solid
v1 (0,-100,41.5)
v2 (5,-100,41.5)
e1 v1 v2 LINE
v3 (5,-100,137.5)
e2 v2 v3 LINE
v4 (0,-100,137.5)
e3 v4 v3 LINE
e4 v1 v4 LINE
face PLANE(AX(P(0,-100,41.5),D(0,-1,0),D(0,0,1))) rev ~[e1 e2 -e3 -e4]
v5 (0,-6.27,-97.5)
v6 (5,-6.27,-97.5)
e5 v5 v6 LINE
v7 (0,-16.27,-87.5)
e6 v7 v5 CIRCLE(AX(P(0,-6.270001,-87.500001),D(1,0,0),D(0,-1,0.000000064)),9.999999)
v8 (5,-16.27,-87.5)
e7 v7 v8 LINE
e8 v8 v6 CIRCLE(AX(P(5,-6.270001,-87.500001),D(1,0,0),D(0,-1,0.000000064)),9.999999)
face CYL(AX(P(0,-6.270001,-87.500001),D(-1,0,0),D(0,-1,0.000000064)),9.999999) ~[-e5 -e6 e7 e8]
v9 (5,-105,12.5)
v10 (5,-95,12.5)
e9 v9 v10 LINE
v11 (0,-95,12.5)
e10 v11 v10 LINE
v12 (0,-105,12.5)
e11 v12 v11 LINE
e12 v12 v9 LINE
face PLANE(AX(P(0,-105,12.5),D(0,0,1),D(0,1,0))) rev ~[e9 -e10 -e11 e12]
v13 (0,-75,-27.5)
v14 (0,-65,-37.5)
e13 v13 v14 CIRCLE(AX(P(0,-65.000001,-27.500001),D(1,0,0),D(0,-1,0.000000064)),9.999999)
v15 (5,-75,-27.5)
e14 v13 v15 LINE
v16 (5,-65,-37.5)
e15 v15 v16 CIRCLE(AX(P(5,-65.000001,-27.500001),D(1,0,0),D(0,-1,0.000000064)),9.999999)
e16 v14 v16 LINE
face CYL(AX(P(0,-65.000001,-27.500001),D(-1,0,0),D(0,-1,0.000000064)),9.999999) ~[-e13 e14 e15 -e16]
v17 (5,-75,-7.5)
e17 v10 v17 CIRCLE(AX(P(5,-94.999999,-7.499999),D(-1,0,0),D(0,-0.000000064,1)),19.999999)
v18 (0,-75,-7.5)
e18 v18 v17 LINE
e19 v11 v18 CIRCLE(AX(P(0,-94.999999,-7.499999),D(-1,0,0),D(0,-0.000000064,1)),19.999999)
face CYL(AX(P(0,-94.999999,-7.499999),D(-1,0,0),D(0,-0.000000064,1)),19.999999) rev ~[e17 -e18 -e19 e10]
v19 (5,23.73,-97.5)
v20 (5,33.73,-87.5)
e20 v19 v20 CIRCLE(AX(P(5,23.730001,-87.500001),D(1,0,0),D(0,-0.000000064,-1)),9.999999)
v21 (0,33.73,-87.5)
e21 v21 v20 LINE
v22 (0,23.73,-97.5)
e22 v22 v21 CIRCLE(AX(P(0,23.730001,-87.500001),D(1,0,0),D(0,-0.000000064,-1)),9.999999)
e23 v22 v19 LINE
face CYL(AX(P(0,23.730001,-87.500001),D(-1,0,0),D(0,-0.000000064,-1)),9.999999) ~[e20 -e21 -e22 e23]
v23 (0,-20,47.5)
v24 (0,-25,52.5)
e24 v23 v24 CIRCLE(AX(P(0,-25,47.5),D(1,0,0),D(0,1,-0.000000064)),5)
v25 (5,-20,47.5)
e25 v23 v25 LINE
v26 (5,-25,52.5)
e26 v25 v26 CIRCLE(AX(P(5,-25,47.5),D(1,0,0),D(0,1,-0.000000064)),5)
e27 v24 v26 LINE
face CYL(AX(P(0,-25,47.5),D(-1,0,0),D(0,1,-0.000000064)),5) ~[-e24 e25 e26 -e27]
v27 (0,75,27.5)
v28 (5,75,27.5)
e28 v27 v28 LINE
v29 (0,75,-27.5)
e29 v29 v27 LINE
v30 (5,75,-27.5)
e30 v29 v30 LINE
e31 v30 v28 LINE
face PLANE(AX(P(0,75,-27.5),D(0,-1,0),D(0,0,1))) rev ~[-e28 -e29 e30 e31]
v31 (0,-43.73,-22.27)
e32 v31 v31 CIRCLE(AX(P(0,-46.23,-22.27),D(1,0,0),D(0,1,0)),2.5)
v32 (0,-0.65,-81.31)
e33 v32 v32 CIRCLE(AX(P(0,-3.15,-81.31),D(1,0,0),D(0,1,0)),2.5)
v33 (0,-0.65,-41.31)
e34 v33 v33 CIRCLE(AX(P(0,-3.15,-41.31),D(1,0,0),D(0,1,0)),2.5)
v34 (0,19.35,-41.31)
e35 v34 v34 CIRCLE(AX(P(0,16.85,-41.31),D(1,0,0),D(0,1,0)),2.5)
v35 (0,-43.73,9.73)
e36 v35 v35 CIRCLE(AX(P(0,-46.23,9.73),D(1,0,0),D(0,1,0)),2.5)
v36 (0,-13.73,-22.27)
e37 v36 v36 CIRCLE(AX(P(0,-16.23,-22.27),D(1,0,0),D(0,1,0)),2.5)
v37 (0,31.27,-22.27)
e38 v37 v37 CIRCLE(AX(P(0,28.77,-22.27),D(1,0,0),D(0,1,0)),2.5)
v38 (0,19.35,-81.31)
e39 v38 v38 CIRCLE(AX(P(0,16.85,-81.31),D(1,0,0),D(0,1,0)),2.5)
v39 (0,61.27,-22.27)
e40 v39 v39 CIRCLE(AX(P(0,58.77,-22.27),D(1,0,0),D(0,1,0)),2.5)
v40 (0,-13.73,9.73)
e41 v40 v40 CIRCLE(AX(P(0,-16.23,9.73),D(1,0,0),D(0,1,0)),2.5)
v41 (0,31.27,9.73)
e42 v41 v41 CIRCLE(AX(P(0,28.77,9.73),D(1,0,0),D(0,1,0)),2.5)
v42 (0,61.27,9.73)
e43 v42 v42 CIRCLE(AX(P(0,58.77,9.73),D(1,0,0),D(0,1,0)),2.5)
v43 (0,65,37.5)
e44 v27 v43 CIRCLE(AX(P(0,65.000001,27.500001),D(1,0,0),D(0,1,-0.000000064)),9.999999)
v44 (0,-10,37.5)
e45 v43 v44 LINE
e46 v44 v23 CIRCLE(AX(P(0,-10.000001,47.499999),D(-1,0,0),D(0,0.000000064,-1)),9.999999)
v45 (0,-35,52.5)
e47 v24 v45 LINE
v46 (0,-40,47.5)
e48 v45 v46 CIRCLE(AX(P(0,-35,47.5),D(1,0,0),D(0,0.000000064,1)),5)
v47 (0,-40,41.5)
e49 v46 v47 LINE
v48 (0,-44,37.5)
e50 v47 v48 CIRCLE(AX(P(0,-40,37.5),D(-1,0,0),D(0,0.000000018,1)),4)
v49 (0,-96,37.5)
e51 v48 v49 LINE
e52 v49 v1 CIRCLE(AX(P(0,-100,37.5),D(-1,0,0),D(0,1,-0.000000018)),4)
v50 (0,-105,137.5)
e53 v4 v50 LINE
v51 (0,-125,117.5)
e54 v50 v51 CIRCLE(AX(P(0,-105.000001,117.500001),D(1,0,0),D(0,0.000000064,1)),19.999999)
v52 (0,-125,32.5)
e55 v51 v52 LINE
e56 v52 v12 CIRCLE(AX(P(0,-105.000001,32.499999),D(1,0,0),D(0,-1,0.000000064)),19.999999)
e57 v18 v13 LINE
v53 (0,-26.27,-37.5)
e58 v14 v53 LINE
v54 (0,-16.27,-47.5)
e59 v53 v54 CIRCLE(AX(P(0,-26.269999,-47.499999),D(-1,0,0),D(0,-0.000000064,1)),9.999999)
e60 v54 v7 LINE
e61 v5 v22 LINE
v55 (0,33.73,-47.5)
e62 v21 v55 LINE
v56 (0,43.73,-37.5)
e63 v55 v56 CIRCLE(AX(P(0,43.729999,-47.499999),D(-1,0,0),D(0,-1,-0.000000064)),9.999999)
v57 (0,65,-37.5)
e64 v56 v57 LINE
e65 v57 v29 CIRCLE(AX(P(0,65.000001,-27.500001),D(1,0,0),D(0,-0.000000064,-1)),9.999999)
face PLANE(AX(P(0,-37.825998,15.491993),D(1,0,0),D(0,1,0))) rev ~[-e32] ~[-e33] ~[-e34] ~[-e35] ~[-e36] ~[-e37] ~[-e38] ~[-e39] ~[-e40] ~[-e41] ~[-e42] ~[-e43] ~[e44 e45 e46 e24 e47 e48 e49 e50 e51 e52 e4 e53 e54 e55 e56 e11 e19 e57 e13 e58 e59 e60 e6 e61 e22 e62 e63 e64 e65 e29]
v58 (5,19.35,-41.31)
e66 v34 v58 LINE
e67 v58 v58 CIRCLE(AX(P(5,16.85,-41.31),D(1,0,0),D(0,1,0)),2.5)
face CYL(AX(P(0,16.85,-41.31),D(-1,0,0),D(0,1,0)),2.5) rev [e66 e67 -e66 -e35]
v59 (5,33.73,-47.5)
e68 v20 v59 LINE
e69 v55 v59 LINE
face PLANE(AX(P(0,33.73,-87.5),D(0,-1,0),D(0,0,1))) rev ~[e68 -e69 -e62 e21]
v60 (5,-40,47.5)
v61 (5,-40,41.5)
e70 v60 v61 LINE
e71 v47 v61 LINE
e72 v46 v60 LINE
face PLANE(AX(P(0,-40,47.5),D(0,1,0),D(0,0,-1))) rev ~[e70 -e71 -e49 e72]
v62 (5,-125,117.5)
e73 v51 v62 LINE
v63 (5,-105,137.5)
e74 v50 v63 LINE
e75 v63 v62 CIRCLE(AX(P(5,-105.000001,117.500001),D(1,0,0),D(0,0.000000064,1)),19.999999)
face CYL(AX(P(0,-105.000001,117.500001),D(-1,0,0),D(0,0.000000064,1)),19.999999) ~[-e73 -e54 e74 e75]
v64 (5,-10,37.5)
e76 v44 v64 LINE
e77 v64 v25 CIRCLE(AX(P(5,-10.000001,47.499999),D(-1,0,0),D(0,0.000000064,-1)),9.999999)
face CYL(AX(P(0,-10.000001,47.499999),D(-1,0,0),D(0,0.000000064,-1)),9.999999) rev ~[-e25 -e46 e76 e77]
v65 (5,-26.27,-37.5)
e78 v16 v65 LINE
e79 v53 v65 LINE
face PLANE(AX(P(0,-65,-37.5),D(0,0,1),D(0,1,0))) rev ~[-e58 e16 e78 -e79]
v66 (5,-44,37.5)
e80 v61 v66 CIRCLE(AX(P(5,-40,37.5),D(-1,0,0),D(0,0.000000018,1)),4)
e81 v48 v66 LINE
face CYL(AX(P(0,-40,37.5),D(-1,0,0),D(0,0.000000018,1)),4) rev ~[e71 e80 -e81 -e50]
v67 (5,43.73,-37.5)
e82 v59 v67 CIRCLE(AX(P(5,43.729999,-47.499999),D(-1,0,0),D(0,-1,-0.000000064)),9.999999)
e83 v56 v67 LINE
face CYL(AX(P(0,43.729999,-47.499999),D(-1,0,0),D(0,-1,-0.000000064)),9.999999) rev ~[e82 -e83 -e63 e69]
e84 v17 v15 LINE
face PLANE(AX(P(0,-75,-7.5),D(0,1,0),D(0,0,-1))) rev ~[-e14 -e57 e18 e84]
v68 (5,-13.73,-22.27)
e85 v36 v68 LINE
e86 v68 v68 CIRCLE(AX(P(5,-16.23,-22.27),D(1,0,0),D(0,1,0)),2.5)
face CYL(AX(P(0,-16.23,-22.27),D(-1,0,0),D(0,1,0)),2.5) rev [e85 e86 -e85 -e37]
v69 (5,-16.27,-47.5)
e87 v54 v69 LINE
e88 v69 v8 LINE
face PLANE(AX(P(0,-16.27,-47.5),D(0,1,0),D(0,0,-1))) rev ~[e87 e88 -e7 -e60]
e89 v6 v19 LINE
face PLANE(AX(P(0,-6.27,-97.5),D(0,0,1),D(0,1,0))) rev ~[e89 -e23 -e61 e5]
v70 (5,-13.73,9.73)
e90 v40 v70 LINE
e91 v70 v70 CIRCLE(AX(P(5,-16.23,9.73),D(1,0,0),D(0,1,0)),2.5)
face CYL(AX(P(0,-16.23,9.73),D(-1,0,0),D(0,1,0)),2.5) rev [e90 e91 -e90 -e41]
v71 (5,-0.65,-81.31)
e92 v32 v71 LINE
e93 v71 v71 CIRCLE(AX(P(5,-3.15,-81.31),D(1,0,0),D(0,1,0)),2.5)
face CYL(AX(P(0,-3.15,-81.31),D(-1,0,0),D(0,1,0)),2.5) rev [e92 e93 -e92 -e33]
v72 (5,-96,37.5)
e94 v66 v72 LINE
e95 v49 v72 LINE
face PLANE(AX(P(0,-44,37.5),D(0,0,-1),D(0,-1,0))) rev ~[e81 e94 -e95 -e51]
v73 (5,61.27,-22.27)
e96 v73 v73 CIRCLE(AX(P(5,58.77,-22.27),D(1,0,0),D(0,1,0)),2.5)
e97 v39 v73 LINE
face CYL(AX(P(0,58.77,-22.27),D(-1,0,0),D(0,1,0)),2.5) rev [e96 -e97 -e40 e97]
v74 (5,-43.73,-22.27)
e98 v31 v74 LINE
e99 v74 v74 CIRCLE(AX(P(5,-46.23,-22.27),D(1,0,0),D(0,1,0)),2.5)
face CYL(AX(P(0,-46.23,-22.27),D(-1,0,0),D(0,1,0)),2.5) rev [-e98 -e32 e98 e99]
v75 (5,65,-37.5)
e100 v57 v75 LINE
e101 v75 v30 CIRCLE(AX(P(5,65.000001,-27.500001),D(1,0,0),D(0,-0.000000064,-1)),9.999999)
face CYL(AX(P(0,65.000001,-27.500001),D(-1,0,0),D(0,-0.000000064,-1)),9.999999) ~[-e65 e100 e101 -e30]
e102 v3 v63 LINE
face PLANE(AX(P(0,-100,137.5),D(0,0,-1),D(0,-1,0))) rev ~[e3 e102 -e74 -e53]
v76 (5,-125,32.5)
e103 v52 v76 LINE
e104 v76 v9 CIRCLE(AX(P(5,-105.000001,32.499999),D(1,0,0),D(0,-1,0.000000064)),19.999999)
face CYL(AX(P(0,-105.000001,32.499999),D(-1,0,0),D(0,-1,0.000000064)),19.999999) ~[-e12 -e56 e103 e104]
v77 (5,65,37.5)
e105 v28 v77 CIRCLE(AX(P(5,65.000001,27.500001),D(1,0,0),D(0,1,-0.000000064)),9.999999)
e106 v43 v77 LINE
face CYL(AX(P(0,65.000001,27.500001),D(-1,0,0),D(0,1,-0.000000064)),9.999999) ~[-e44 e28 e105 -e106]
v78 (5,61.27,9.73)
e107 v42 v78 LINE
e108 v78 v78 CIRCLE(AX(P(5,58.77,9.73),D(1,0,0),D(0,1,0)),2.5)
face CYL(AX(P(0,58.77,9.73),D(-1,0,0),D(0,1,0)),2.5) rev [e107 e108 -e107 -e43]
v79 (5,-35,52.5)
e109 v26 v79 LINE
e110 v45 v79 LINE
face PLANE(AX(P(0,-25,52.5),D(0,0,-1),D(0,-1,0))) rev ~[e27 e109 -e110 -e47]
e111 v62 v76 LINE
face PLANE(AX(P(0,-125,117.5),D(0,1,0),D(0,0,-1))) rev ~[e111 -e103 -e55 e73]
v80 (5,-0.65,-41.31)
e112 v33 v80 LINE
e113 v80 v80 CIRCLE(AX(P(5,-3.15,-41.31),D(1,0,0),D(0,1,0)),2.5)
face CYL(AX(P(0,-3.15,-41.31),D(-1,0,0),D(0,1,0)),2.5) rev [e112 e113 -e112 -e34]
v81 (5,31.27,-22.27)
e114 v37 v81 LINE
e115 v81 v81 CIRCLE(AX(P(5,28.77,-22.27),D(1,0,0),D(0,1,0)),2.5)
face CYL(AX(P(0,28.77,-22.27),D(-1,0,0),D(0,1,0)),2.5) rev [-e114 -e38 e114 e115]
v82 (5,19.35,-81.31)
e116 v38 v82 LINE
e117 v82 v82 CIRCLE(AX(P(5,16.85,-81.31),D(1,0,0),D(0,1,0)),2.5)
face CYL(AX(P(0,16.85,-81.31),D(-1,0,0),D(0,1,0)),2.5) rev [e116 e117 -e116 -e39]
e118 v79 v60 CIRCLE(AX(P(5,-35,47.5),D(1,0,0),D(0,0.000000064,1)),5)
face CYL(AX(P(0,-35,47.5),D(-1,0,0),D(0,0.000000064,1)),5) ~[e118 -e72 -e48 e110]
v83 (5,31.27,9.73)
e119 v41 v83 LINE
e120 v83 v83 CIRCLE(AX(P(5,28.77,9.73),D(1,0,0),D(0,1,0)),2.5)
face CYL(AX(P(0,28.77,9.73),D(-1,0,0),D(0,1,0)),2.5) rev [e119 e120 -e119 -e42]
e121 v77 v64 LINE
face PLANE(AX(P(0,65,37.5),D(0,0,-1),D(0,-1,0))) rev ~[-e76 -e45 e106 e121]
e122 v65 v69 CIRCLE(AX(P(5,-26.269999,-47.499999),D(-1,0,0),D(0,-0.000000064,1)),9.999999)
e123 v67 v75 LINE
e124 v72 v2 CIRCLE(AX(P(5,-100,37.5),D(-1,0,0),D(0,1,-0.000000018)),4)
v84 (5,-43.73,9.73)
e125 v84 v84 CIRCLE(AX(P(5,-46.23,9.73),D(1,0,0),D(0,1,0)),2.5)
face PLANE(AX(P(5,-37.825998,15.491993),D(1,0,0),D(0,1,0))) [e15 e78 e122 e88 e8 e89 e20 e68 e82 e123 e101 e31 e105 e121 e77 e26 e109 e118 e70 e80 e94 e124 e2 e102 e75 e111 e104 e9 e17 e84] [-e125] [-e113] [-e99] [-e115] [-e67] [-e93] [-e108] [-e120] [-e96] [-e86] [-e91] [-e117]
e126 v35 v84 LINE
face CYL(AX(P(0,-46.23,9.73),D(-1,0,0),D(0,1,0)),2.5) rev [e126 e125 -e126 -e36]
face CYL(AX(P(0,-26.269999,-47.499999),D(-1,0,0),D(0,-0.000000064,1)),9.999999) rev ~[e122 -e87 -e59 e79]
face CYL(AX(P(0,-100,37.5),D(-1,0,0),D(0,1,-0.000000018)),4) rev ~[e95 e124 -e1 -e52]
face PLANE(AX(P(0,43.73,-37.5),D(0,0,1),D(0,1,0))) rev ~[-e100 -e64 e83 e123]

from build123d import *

# Parameters (mm, degrees)
F0_R     = 2.5
F1_DEPTH = 5


with BuildPart() as f1:
    # F0 (on Right) → F1 (new body)
    with BuildSketch(Plane.YZ):
        with BuildLine():
            Line((43.73, -37.5), (65, -37.5))
            ThreePointArc((65, -37.5), (72.071068, -34.571068), (75, -27.5))
            Line((75, -27.5), (75, 27.5))
            ThreePointArc((75, 27.5), (72.071068, 34.571068), (65, 37.5))
            Line((65, 37.5), (-10, 37.5))
            ThreePointArc((-10, 37.5), (-17.071068, 40.428932), (-20, 47.5))
            ThreePointArc((-20, 47.5), (-21.464466, 51.035534), (-25, 52.5))
            Line((-25, 52.5), (-35, 52.5))
            ThreePointArc((-35, 52.5), (-38.535534, 51.035534), (-40, 47.5))
            Line((-40, 47.5), (-40, 41.5))
            ThreePointArc((-40, 41.5), (-37.171573, 34.671573), (-44, 37.5))
            Line((-44, 37.5), (-96, 37.5))
            ThreePointArc((-96, 37.5), (-102.828427, 34.671573), (-100, 41.5))
            Line((-100, 41.5), (-100, 137.5))
            Line((-100, 137.5), (-105, 137.5))
            ThreePointArc((-105, 137.5), (-119.142136, 131.642136), (-125, 117.5))
            Line((-125, 117.5), (-125, 32.5))
            ThreePointArc((-125, 32.5), (-119.142136, 18.357864), (-105, 12.5))
            Line((-105, 12.5), (-95, 12.5))
            ThreePointArc((-95, 12.5), (-80.857864, 6.642136), (-75, -7.5))
            Line((-75, -7.5), (-75, -27.5))
            ThreePointArc((-75, -27.5), (-72.071068, -34.571068), (-65, -37.5))
            Line((-65, -37.5), (-26.27, -37.5))
            ThreePointArc((-26.27, -37.5), (-19.198932, -40.428932), (-16.27, -47.5))
            Line((-16.27, -47.5), (-16.27, -87.5))
            ThreePointArc((-16.27, -87.5), (-13.341068, -94.571068), (-6.27, -97.5))
            Line((-6.27, -97.5), (23.73, -97.5))
            ThreePointArc((23.73, -97.5), (30.801068, -94.571068), (33.73, -87.5))
            Line((33.73, -87.5), (33.73, -47.5))
            ThreePointArc((33.73, -47.5), (36.658932, -40.428932), (43.73, -37.5))
        make_face()
        with Locations((-46.23, -22.27)):
            Circle(F0_R, mode=Mode.SUBTRACT)
        with Locations((-46.23, 9.73)):
            Circle(F0_R, mode=Mode.SUBTRACT)
        with Locations((-3.15, -81.31)):
            Circle(F0_R, mode=Mode.SUBTRACT)
        with Locations((16.85, -81.31)):
            Circle(F0_R, mode=Mode.SUBTRACT)
        with Locations((-3.15, -41.31)):
            Circle(F0_R, mode=Mode.SUBTRACT)
        with Locations((16.85, -41.31)):
            Circle(F0_R, mode=Mode.SUBTRACT)
        with Locations((-16.23, -22.27)):
            Circle(F0_R, mode=Mode.SUBTRACT)
        with Locations((-16.23, 9.73)):
            Circle(F0_R, mode=Mode.SUBTRACT)
        with Locations((28.77, -22.27)):
            Circle(F0_R, mode=Mode.SUBTRACT)
        with Locations((58.77, -22.27)):
            Circle(F0_R, mode=Mode.SUBTRACT)
        with Locations((28.77, 9.73)):
            Circle(F0_R, mode=Mode.SUBTRACT)
        with Locations((58.77, 9.73)):
            Circle(F0_R, mode=Mode.SUBTRACT)
    extrude(amount=F1_DEPTH)


solid = f1.part
